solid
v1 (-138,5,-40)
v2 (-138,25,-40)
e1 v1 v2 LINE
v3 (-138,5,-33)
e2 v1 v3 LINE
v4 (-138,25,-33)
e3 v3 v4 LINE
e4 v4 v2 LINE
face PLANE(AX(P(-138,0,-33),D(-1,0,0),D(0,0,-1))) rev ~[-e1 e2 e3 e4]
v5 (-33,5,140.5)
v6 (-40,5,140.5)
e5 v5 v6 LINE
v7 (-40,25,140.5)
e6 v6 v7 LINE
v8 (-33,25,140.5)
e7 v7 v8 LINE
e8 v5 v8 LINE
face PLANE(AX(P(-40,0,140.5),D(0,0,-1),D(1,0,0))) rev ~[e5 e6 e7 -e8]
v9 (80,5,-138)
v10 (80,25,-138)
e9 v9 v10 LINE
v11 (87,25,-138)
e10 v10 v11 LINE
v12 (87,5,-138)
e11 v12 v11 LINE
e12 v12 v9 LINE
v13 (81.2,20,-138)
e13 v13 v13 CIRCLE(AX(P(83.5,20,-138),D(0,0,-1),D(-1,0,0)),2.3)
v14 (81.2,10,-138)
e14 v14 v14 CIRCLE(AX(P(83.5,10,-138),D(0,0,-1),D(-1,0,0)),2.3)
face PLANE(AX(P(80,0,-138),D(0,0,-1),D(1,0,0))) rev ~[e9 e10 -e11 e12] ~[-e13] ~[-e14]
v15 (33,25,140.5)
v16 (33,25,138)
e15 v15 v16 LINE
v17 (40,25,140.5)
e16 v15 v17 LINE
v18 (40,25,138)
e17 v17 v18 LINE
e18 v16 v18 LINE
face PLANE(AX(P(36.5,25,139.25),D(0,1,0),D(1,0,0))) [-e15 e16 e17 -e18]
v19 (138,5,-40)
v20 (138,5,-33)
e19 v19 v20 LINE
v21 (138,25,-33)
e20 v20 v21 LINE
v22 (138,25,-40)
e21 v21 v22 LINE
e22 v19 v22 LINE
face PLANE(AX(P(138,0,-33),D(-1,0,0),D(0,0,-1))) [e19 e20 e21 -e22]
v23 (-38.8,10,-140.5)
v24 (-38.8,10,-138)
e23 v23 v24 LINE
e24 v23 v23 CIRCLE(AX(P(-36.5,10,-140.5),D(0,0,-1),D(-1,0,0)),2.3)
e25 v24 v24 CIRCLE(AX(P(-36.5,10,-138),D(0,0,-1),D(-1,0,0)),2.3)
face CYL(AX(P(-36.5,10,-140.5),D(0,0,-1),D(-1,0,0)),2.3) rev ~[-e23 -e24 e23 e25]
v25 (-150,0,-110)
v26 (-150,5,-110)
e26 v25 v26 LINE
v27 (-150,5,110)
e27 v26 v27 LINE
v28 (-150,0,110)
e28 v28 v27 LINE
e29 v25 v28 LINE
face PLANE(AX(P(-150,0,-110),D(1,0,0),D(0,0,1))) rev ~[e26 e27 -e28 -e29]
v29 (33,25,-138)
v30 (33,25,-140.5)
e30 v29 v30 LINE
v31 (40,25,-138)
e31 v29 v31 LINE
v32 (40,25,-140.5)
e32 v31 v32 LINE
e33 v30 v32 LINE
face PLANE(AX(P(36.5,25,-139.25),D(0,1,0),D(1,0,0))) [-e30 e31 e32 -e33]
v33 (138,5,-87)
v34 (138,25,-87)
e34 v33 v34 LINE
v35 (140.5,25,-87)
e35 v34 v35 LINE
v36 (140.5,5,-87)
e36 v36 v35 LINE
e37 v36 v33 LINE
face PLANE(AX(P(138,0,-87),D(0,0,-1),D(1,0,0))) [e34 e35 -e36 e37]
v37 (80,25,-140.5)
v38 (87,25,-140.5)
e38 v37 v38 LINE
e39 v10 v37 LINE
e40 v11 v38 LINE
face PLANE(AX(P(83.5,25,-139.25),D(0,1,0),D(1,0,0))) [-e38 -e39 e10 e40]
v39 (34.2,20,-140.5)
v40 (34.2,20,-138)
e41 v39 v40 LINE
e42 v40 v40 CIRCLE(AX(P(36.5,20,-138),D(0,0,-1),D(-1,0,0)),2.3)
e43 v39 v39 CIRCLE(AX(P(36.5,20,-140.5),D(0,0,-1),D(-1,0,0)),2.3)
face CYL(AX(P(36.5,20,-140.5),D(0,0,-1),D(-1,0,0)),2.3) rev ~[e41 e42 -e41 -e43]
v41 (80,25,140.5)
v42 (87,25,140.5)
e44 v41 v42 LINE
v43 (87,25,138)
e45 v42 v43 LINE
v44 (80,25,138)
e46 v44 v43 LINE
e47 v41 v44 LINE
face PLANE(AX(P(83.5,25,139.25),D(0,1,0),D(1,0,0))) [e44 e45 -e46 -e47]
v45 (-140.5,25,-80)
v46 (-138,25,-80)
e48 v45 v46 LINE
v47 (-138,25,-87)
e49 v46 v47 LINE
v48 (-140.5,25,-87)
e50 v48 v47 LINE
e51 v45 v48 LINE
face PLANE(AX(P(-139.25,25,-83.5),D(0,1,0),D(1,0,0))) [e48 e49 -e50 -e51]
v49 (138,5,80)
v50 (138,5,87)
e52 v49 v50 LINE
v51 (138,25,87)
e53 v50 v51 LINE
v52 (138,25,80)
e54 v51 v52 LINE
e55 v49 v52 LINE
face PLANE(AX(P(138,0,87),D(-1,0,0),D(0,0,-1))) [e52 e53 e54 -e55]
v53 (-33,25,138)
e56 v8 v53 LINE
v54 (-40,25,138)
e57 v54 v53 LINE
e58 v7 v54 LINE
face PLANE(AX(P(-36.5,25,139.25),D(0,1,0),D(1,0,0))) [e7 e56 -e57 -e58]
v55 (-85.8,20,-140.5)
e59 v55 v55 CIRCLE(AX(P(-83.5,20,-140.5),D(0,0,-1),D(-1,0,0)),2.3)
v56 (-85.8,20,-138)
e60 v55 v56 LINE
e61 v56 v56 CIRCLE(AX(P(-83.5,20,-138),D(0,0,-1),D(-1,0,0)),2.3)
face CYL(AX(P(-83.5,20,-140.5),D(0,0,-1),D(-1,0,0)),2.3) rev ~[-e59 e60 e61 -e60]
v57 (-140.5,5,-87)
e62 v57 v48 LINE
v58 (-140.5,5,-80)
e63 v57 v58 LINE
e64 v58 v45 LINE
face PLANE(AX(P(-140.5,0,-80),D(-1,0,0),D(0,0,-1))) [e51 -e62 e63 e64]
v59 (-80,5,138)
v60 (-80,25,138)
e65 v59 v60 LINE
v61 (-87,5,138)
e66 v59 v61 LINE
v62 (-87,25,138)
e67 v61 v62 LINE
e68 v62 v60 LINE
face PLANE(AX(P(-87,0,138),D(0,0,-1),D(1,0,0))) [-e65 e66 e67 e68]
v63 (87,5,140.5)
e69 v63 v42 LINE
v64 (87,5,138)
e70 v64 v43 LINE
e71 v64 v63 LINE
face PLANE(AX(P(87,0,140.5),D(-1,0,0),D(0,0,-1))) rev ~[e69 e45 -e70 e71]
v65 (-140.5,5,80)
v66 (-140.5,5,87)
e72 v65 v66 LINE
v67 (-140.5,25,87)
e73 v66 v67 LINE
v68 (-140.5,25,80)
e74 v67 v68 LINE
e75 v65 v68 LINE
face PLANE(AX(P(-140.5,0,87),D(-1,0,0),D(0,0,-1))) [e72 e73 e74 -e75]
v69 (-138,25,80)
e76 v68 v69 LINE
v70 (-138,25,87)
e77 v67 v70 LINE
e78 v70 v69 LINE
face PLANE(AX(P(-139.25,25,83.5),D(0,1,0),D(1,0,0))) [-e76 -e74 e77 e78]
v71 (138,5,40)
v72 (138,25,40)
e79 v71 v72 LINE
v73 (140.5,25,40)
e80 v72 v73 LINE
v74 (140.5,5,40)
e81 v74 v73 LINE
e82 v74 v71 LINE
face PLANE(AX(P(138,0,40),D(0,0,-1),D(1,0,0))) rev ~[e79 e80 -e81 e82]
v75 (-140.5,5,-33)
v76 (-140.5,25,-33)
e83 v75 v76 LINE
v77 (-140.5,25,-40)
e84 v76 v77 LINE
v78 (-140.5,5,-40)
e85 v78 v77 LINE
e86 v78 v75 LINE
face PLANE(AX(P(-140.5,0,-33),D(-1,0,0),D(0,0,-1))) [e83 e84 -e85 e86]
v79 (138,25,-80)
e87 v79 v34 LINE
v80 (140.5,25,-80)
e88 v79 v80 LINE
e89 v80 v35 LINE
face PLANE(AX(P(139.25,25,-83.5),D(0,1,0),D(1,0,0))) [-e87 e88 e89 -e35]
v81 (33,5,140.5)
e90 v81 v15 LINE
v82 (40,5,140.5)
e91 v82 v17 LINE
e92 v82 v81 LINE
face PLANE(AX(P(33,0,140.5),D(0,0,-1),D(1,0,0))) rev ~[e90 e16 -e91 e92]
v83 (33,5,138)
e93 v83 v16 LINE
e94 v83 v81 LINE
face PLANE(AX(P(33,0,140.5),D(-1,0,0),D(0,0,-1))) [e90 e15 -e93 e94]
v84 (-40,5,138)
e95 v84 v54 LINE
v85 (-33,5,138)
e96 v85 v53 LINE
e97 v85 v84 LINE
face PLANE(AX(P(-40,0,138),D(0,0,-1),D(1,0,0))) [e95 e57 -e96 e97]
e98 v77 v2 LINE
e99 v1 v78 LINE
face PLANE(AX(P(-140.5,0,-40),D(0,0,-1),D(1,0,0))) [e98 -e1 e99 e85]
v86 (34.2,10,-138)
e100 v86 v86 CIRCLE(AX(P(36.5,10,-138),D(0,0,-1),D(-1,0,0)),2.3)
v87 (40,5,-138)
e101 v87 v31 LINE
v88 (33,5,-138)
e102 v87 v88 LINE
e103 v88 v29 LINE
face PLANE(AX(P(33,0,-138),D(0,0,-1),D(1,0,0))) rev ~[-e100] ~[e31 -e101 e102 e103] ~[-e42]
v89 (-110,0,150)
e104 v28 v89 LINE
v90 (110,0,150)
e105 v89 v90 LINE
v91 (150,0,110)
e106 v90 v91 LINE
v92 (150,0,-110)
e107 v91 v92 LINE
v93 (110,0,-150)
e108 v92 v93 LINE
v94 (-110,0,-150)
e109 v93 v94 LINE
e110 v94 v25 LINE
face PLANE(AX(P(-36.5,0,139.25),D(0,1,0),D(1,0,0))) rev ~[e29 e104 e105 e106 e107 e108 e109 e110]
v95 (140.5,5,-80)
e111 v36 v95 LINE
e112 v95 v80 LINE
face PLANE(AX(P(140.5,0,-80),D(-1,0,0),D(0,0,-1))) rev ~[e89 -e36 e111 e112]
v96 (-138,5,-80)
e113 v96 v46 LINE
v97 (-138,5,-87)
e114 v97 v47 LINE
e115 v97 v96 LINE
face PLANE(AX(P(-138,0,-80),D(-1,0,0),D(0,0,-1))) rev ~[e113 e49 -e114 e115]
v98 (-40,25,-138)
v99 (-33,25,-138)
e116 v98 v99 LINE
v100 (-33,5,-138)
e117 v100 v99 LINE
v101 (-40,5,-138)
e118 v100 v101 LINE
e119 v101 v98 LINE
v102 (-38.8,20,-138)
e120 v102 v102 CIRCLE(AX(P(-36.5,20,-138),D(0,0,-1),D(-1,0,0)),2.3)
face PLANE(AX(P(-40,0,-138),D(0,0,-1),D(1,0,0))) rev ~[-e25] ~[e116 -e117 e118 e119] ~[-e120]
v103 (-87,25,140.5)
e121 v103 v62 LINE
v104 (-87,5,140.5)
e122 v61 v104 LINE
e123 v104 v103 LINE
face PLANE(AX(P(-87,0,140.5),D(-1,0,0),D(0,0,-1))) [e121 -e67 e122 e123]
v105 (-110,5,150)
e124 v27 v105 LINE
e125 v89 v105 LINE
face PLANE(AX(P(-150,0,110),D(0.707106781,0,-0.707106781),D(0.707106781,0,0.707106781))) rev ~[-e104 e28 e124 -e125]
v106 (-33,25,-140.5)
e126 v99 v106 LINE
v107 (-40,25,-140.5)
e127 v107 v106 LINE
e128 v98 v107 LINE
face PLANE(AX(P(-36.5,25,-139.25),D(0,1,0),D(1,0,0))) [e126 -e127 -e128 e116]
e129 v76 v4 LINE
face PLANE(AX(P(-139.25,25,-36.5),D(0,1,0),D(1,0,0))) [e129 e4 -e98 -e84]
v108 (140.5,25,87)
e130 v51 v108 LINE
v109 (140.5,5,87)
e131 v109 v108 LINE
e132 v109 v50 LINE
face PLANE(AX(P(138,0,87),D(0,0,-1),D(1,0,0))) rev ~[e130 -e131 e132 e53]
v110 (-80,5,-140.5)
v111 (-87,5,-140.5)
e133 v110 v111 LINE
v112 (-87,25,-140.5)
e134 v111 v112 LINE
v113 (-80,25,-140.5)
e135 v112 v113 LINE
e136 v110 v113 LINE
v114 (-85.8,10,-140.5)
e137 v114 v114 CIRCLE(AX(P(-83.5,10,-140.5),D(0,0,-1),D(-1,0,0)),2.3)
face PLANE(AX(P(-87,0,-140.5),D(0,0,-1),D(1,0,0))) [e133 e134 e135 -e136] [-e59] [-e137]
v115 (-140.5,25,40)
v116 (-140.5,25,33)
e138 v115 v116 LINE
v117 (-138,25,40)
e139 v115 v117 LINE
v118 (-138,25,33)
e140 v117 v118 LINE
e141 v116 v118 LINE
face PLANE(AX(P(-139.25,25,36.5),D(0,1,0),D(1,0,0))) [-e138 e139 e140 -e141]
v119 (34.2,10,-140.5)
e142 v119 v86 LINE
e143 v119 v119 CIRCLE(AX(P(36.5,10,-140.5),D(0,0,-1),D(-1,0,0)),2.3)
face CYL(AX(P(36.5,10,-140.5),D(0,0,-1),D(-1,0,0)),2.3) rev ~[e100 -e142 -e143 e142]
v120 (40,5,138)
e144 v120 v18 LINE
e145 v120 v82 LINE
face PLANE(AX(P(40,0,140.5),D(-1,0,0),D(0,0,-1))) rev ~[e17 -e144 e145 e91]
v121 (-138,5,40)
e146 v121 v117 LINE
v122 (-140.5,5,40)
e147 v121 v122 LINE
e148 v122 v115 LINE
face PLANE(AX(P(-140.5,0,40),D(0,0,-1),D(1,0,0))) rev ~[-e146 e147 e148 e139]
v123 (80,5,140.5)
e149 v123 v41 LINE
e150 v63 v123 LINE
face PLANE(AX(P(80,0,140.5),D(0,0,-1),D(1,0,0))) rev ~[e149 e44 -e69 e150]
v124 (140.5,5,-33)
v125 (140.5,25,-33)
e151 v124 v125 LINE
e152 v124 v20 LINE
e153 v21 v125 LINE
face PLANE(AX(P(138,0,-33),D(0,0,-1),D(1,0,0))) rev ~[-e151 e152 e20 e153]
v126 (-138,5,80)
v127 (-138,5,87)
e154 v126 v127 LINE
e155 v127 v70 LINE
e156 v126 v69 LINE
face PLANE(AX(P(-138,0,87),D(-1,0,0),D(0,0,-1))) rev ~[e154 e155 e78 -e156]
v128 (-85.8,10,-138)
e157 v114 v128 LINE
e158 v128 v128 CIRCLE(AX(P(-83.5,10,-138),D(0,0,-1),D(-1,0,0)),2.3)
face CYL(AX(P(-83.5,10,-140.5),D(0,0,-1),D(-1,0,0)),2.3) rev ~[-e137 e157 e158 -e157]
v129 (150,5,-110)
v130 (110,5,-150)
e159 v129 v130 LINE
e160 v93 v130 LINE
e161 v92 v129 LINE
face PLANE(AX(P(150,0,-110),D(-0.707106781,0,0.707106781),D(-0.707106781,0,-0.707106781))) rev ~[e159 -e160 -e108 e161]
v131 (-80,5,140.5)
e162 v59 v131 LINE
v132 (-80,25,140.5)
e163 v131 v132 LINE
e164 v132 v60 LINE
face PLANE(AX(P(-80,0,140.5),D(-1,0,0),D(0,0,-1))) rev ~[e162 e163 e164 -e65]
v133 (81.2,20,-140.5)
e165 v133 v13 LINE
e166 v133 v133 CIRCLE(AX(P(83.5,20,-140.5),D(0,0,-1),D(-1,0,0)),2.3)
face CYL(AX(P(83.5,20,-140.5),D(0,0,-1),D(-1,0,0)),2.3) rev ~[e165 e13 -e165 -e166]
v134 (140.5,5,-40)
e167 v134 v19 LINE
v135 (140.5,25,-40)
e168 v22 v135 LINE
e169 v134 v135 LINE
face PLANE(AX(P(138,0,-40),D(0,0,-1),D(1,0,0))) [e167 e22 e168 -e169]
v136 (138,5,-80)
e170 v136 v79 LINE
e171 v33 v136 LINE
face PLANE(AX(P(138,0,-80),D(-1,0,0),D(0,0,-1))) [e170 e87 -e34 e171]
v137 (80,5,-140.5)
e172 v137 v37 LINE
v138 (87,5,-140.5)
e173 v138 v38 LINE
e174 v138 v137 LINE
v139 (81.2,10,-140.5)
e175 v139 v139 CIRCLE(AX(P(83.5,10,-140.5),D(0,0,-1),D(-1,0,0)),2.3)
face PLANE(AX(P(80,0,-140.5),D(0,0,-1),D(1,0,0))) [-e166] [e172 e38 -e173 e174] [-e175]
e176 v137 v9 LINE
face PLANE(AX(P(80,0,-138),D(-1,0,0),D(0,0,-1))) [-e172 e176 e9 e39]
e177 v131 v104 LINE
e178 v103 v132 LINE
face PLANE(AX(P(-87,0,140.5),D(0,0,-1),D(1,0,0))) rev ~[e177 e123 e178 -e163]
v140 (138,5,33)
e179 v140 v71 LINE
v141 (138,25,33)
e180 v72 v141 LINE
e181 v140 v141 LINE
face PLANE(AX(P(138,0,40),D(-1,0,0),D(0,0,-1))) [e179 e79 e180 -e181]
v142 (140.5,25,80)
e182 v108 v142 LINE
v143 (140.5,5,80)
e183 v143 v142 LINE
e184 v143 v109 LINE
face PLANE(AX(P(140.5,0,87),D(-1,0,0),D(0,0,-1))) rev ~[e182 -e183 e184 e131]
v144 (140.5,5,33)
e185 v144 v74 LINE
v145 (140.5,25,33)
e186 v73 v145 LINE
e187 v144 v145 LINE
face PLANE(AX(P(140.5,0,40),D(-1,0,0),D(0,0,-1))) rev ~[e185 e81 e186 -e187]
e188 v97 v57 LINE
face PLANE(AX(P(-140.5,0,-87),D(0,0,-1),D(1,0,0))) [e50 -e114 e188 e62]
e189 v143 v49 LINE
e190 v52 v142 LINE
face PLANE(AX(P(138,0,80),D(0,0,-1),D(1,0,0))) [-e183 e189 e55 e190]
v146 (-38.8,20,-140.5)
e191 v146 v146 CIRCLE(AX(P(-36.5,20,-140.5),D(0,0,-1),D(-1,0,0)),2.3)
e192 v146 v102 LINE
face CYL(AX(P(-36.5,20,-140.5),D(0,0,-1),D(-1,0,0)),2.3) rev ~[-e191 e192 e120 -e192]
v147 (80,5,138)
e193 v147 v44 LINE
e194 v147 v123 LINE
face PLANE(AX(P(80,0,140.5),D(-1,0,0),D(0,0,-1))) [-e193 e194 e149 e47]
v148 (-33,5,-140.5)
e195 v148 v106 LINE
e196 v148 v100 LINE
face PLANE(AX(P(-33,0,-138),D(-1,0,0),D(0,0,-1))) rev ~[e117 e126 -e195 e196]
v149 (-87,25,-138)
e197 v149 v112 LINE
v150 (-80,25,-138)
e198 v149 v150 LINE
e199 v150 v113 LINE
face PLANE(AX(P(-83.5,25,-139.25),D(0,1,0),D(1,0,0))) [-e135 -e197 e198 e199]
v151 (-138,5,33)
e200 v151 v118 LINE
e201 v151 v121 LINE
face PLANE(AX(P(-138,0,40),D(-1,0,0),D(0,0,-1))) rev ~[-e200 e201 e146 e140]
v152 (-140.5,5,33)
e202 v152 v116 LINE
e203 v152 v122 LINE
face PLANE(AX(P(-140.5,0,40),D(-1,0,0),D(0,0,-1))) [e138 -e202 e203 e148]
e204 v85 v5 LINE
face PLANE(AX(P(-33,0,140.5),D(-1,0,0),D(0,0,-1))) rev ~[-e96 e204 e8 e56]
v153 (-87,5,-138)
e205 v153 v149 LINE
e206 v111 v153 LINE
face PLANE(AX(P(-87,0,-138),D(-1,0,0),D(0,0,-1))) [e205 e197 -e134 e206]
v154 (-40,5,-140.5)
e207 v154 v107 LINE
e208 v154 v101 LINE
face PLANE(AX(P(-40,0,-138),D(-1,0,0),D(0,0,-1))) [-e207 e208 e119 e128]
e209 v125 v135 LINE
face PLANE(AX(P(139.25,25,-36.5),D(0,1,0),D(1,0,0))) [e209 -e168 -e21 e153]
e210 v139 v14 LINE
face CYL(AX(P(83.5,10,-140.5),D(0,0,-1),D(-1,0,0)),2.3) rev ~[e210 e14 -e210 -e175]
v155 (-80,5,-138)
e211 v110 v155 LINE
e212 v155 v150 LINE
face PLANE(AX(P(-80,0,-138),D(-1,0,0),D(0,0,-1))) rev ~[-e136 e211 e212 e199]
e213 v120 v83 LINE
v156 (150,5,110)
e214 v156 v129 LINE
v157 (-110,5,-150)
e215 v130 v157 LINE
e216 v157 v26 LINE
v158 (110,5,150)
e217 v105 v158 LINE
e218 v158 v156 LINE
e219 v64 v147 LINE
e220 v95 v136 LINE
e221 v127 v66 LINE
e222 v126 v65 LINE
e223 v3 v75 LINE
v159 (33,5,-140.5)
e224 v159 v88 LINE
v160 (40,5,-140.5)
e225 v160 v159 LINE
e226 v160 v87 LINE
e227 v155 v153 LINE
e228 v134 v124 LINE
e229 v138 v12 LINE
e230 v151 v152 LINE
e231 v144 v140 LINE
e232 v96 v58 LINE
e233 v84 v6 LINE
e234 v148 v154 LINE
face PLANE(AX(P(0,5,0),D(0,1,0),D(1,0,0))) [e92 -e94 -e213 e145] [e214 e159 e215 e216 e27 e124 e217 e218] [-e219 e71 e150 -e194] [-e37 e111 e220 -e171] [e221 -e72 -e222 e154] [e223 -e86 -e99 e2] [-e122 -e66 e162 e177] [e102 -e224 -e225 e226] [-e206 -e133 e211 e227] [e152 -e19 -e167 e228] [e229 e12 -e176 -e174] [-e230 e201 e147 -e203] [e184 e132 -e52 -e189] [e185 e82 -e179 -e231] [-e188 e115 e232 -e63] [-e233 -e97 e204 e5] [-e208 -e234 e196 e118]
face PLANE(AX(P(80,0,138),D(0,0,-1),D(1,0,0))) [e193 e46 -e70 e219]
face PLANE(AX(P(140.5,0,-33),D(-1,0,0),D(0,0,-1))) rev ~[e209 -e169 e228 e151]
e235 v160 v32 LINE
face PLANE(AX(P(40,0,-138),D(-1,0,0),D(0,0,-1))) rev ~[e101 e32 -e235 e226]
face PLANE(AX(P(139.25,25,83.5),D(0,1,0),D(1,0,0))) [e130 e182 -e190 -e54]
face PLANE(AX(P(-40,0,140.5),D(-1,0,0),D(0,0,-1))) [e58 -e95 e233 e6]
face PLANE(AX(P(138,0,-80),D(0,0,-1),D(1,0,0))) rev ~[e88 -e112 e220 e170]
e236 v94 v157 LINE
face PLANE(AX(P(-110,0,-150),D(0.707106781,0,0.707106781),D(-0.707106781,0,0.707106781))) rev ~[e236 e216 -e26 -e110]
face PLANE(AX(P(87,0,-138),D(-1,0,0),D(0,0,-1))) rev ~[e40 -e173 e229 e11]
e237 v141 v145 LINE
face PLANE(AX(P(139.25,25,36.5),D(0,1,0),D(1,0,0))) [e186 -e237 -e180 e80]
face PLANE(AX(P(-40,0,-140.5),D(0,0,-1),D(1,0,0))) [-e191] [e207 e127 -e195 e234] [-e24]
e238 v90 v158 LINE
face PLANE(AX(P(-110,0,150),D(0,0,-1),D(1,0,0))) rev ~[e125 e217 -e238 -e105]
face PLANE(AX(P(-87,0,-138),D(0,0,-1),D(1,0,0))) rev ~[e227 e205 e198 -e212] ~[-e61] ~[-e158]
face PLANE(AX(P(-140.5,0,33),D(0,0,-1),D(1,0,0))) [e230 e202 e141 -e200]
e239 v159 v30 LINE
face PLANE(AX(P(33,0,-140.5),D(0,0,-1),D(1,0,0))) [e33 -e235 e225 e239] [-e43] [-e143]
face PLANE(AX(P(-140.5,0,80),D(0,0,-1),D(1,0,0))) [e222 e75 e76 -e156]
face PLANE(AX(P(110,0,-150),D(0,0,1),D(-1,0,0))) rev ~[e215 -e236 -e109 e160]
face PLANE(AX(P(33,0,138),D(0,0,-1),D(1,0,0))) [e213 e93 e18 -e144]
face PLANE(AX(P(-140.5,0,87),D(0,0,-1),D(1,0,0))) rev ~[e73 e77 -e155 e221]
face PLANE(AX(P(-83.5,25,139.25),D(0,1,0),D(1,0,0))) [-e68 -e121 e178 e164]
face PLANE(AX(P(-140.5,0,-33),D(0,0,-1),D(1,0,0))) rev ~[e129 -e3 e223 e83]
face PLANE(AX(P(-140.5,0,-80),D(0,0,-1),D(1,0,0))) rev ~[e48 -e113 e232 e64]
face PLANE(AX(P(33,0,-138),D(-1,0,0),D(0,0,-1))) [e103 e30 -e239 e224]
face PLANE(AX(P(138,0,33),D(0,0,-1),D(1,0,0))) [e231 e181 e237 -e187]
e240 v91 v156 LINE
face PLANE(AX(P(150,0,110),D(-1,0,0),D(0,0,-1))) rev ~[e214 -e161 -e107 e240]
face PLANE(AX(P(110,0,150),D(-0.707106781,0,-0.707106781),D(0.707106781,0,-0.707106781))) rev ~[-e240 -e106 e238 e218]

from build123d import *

# Parameters (mm, degrees)
EXTRUDE_1_DEPTH     = 5
SKETCH_1_5_W        = 7
SKETCH_1_5_H        = 2.5
SKETCH_1_5_W_2      = 2.5
SKETCH_1_5_H_2      = 7
EXTRUDE_2_DEPTH     = 25
SKETCH_15_R         = 2.3
CUT_EXTRUDE_1_DEPTH = 20


with BuildPart() as part:
    # 草图1 → 凸台-拉伸1 (new body)
    with BuildSketch(Plane(origin=(0, 0, 0), x_dir=(1, 0, 0), z_dir=(0, 1, 0))):
        Polygon((-110, 150), (-150, 110), (-150, -110), (-110, -150), (110, -150), (150, -110), (150, 110), (110, 150), align=None)
    extrude(amount=EXTRUDE_1_DEPTH)

    # 草图1<5> → 凸台-拉伸2 (add)
    with BuildSketch(Plane(origin=(0, 0, 0), x_dir=(1, 0, 0), z_dir=(0, 1, 0))):
        with Locations((-36.5, -139.25)):
            Rectangle(SKETCH_1_5_W, SKETCH_1_5_H)
        with Locations((36.5, -139.25)):
            Rectangle(SKETCH_1_5_W, SKETCH_1_5_H)
        with Locations((139.25, 36.5)):
            Rectangle(SKETCH_1_5_W_2, SKETCH_1_5_H_2)
        with Locations((83.5, 139.25)):
            Rectangle(SKETCH_1_5_W, SKETCH_1_5_H)
        with Locations((-83.5, -139.25)):
            Rectangle(SKETCH_1_5_W, SKETCH_1_5_H)
        with Locations((83.5, -139.25)):
            Rectangle(SKETCH_1_5_W, SKETCH_1_5_H)
        with Locations((139.25, -83.5)):
            Rectangle(SKETCH_1_5_W_2, SKETCH_1_5_H_2)
        with Locations((139.25, -36.5)):
            Rectangle(SKETCH_1_5_W_2, SKETCH_1_5_H_2)
        with Locations((139.25, 83.5)):
            Rectangle(SKETCH_1_5_W_2, SKETCH_1_5_H_2)
        with Locations((36.5, 139.25)):
            Rectangle(SKETCH_1_5_W, SKETCH_1_5_H)
        with Locations((-139.25, 83.5)):
            Rectangle(SKETCH_1_5_W_2, SKETCH_1_5_H_2)
        with Locations((-139.25, 36.5)):
            Rectangle(SKETCH_1_5_W_2, SKETCH_1_5_H_2)
        with Locations((-83.5, 139.25)):
            Rectangle(SKETCH_1_5_W, SKETCH_1_5_H)
        with Locations((-36.5, 139.25)):
            Rectangle(SKETCH_1_5_W, SKETCH_1_5_H)
        with Locations((-139.25, -36.5)):
            Rectangle(SKETCH_1_5_W_2, SKETCH_1_5_H_2)
        with Locations((-139.25, -83.5)):
            Rectangle(SKETCH_1_5_W_2, SKETCH_1_5_H_2)
    extrude(amount=EXTRUDE_2_DEPTH)

    # 草图15 → 切除-拉伸1 (cut)
    with BuildSketch(Plane(origin=(0, 0, -140.5), x_dir=(-1, 0, 0), z_dir=(0, 0, -1))):
        with Locations((-83.5, 20)):
            Circle(SKETCH_15_R)
        with Locations((-83.5, 10)):
            Circle(SKETCH_15_R)
        with Locations((-36.5, 20)):
            Circle(SKETCH_15_R)
        with Locations((-36.5, 10)):
            Circle(SKETCH_15_R)
        with Locations((36.5, 10)):
            Circle(SKETCH_15_R)
        with Locations((36.5, 20)):
            Circle(SKETCH_15_R)
        with Locations((83.5, 20)):
            Circle(SKETCH_15_R)
        with Locations((83.5, 10)):
            Circle(SKETCH_15_R)
    extrude(amount=-CUT_EXTRUDE_1_DEPTH, mode=Mode.SUBTRACT)


solid = part.part
